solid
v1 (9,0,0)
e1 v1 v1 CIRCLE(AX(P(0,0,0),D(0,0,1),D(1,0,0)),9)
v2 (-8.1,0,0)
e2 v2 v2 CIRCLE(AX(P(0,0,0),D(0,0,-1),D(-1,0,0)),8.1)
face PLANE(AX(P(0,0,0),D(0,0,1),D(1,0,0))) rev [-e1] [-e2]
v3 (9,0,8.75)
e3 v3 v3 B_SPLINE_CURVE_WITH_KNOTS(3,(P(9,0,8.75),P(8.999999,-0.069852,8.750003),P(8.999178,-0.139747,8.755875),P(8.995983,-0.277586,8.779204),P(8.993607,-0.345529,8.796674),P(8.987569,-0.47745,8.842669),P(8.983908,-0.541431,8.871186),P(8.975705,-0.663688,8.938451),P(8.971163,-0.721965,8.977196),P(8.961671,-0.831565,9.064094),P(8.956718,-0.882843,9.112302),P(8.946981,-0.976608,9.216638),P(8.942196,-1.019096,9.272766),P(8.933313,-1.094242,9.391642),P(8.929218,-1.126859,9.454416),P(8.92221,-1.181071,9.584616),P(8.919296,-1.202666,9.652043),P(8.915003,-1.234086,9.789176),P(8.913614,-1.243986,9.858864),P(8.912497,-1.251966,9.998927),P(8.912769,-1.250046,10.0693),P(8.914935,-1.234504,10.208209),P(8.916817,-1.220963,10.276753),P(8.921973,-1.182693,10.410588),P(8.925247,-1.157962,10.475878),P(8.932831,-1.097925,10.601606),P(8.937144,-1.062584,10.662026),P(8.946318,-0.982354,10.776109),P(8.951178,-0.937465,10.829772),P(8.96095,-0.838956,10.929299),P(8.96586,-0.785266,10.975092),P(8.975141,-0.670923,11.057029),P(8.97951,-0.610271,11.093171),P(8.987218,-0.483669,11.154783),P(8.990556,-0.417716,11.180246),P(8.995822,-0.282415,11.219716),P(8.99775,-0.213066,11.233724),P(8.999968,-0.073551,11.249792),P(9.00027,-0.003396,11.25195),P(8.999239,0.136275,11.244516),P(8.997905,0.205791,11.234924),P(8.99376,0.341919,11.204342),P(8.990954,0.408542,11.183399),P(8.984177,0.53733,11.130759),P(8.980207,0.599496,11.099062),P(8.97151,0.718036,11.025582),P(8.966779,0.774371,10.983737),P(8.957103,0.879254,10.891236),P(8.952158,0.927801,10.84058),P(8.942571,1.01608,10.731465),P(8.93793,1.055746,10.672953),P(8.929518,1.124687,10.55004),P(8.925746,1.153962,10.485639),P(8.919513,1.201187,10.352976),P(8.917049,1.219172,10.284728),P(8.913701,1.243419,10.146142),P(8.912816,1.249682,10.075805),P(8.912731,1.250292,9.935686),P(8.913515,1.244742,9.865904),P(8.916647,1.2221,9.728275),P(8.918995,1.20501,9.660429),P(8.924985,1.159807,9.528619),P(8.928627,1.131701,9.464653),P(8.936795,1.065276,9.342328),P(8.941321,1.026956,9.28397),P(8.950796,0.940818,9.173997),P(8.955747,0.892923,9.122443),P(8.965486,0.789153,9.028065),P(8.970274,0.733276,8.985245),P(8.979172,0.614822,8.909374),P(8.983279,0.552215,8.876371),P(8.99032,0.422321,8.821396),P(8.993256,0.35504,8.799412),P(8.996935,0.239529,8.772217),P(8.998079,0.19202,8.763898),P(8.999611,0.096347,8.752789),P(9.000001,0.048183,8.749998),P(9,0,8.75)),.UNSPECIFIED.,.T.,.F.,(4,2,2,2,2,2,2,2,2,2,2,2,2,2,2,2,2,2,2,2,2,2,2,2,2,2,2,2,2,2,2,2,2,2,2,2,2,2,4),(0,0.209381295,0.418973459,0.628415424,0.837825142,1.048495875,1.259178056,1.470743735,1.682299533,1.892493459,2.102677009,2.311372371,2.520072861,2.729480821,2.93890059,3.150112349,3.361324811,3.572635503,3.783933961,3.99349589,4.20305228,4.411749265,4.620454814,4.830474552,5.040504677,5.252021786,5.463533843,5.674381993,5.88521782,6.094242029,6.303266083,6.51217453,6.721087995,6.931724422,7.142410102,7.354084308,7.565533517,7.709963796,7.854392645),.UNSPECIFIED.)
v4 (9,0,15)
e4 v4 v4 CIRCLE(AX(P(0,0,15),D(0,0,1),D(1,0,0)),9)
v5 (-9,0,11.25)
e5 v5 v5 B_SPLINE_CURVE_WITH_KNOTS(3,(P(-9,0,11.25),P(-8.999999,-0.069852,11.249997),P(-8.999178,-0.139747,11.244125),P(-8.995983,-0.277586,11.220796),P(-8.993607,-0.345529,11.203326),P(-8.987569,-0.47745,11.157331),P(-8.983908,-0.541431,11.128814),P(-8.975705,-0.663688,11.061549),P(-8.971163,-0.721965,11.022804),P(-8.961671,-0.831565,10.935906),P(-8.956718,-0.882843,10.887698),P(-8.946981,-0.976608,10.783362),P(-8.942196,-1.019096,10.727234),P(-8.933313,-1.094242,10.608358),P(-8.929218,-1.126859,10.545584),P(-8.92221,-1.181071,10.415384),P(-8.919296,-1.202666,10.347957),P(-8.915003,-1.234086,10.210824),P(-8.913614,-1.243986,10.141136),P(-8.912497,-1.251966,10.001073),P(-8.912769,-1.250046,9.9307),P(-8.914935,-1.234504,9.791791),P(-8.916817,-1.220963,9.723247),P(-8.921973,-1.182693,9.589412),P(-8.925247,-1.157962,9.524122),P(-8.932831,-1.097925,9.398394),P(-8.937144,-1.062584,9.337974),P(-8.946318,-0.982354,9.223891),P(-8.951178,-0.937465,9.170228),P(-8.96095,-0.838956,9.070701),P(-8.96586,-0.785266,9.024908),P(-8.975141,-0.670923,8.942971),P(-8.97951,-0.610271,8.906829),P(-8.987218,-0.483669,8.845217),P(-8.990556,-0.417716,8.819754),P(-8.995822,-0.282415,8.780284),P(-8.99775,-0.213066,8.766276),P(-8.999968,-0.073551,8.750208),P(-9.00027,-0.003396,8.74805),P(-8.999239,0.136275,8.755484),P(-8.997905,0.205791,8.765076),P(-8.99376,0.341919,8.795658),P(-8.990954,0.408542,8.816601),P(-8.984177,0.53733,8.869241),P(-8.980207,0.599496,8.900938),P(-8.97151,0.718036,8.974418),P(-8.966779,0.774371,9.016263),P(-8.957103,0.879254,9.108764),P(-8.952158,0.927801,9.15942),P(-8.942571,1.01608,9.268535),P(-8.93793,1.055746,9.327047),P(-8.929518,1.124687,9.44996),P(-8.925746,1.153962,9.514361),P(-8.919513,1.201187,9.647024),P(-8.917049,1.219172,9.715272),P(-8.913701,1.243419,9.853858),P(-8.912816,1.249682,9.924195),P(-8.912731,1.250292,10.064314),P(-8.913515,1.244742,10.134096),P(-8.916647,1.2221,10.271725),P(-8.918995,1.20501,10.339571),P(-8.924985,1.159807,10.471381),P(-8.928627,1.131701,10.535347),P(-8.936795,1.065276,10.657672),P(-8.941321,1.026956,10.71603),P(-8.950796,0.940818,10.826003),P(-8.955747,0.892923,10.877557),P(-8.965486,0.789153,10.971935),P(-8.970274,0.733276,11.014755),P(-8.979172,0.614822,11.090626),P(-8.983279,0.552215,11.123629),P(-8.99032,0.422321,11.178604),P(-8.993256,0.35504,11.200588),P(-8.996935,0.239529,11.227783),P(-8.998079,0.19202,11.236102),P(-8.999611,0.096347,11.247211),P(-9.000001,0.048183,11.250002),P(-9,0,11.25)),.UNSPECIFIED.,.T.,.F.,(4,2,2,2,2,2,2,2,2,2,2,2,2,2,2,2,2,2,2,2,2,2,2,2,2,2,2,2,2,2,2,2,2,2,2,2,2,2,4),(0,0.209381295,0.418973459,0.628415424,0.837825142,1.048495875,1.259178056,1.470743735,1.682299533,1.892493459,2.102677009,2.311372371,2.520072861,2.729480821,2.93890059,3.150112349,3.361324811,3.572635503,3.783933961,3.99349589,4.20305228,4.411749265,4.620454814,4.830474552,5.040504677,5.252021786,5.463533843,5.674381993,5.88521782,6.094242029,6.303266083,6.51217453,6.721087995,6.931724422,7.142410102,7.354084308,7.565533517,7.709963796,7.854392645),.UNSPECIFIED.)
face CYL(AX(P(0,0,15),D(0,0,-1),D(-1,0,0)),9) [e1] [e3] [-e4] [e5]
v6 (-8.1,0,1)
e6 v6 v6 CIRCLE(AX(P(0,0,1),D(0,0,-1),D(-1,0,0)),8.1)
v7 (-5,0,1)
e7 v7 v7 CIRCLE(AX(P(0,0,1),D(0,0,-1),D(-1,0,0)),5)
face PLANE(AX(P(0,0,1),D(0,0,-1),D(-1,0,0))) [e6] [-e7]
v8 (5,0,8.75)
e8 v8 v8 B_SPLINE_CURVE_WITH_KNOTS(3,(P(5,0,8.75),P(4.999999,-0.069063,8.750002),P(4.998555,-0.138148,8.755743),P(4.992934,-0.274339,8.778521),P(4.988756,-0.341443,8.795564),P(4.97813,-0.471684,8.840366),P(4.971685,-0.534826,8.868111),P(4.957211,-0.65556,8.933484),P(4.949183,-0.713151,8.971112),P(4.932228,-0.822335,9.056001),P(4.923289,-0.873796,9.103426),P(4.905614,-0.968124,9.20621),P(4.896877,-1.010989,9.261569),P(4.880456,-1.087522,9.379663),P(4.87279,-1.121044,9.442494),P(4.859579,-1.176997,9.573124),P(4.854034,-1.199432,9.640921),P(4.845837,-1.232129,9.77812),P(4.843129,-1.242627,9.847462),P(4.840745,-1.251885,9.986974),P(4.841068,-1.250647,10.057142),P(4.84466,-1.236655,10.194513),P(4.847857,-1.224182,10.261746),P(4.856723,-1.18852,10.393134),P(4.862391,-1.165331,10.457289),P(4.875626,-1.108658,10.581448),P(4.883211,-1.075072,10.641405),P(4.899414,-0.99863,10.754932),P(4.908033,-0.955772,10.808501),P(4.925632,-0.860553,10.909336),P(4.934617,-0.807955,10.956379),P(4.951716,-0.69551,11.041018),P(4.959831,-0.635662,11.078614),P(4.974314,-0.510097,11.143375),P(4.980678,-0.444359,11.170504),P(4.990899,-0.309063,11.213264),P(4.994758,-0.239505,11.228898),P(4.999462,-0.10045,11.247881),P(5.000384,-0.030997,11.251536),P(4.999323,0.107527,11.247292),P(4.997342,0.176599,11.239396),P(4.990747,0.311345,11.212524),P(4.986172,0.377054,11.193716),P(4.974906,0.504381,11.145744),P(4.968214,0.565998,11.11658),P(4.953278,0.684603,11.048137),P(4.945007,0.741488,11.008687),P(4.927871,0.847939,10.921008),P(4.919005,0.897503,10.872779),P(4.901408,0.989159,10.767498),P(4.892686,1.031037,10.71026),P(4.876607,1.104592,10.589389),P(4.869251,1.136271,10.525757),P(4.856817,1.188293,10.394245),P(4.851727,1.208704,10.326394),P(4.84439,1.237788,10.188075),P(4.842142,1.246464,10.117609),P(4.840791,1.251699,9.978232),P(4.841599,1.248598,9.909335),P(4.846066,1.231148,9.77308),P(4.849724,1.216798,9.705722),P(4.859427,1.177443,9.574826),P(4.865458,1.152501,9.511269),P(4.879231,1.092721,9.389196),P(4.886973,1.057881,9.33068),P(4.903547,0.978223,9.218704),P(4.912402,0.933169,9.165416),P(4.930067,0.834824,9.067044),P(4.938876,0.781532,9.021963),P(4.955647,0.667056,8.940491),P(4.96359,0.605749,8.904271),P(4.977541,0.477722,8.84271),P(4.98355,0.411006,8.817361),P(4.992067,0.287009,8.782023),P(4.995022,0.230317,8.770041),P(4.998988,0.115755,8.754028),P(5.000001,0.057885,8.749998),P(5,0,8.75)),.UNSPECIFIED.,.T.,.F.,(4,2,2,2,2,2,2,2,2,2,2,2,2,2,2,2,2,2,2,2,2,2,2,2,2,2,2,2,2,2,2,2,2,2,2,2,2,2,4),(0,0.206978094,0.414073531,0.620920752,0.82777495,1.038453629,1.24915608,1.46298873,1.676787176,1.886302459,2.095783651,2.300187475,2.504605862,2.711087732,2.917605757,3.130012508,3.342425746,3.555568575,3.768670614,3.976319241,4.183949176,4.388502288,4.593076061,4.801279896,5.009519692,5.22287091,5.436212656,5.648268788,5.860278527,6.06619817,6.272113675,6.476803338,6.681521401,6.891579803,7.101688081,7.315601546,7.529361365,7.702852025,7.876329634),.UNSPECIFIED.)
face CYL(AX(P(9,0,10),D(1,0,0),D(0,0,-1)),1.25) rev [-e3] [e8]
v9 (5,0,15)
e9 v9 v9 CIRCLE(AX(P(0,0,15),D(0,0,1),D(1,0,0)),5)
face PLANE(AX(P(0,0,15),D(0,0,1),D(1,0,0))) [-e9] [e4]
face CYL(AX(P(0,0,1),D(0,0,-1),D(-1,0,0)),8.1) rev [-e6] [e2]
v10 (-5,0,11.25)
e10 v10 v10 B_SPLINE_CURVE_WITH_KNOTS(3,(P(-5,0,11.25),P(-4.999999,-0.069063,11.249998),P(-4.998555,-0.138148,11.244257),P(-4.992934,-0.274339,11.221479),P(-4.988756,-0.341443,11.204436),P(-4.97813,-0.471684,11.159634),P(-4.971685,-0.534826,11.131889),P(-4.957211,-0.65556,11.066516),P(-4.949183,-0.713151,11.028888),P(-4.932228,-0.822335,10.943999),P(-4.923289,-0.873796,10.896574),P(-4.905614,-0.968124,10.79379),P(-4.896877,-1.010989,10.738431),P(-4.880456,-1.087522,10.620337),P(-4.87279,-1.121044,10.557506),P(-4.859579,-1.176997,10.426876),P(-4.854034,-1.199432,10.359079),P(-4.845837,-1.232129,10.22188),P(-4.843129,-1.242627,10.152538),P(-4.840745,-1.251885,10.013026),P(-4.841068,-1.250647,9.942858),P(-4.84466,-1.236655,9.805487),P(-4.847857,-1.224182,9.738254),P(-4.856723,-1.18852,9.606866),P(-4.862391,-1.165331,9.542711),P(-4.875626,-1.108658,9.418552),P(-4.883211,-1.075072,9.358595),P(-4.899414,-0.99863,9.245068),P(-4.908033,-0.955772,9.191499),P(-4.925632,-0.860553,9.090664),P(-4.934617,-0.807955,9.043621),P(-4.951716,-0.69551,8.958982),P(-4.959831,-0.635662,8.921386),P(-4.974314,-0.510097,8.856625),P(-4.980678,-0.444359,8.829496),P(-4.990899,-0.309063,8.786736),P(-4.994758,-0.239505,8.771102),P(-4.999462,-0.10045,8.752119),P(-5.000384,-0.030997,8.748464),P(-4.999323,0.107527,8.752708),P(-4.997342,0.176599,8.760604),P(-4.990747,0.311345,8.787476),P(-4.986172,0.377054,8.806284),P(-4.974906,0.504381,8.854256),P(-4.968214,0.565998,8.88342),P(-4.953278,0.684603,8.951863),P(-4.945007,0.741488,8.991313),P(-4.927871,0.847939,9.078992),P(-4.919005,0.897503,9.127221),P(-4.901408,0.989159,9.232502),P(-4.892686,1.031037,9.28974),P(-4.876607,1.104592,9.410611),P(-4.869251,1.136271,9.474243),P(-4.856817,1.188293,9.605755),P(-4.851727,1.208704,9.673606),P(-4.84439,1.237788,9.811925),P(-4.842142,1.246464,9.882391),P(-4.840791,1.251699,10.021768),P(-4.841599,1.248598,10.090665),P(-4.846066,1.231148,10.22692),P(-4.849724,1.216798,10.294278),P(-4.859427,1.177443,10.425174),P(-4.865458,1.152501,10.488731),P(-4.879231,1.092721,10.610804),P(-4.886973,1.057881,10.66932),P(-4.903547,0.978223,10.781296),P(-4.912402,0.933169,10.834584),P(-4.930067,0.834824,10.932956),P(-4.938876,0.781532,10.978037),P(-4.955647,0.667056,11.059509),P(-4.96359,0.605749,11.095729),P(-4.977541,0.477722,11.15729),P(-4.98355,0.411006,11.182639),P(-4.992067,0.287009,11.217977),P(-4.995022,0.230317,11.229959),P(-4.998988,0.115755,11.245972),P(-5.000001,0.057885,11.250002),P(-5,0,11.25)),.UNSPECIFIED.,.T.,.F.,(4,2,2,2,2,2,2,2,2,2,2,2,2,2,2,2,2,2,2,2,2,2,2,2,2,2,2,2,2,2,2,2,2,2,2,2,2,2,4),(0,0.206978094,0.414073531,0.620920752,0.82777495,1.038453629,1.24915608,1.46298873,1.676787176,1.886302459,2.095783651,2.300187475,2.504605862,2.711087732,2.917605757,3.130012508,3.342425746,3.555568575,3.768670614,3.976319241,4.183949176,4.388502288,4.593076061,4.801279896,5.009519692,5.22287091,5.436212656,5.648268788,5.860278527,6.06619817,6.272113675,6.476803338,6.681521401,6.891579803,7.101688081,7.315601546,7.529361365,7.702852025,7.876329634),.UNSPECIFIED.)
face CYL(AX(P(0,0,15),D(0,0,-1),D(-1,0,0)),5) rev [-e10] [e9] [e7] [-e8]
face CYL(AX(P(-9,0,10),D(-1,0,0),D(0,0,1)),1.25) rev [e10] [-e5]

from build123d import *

# Parameters (mm, degrees)
ESQUISSE1_R             = 9
ESQUISSE1_R_2           = 5
BOSS_EXTRU_1_DEPTH      = 15
TROU_TARAUD_M31_D       = 2.5
TROU_TARAUD_M31_DEPTH   = 8.5
TROU_TARAUD_M31_TIP     = 0.751075774
TROU_TARAUD_M32_D       = 2.5
TROU_TARAUD_M32_DEPTH   = 8.5
TROU_TARAUD_M32_TIP     = 0.751075774
ESQUISSE9_R             = 8.1
ENL_V_MAT_EXTRU_1_DEPTH = 1


with BuildPart() as part:
    # Esquisse1 → Boss.-Extru.1 (new body)
    with BuildSketch(Plane.XY):
        Circle(ESQUISSE1_R)
        Circle(ESQUISSE1_R_2, mode=Mode.SUBTRACT)
    extrude(amount=BOSS_EXTRU_1_DEPTH)

    # Trou taraudé M31
    with Locations(Plane(origin=(9, 0, 0), x_dir=(0, 0, -1), z_dir=(1, 0, 0))):
        with Locations((-10, 0)):
            Hole(TROU_TARAUD_M31_D / 2, depth=TROU_TARAUD_M31_DEPTH)
            with Locations((0, 0, -(TROU_TARAUD_M31_DEPTH + TROU_TARAUD_M31_TIP / 2))):  # 118° drill point
                Cone(0, TROU_TARAUD_M31_D / 2, TROU_TARAUD_M31_TIP, mode=Mode.SUBTRACT)

    # Trou taraudé M32
    with Locations(Plane(origin=(-9, 0, 0), x_dir=(0, 0, -1), z_dir=(-1, 0, 0))):
        with Locations((-10, 0)):
            Hole(TROU_TARAUD_M32_D / 2, depth=TROU_TARAUD_M32_DEPTH)
            with Locations((0, 0, -(TROU_TARAUD_M32_DEPTH + TROU_TARAUD_M32_TIP / 2))):  # 118° drill point
                Cone(0, TROU_TARAUD_M32_D / 2, TROU_TARAUD_M32_TIP, mode=Mode.SUBTRACT)

    # Esquisse9 → Enlèv. mat.-Extru.1 (cut)
    with BuildSketch(Plane(origin=(0, 0, 0), x_dir=(-1, 0, 0), z_dir=(0, 0, -1))):
        Circle(ESQUISSE9_R)
    extrude(amount=-ENL_V_MAT_EXTRU_1_DEPTH, mode=Mode.SUBTRACT)


solid = part.part
